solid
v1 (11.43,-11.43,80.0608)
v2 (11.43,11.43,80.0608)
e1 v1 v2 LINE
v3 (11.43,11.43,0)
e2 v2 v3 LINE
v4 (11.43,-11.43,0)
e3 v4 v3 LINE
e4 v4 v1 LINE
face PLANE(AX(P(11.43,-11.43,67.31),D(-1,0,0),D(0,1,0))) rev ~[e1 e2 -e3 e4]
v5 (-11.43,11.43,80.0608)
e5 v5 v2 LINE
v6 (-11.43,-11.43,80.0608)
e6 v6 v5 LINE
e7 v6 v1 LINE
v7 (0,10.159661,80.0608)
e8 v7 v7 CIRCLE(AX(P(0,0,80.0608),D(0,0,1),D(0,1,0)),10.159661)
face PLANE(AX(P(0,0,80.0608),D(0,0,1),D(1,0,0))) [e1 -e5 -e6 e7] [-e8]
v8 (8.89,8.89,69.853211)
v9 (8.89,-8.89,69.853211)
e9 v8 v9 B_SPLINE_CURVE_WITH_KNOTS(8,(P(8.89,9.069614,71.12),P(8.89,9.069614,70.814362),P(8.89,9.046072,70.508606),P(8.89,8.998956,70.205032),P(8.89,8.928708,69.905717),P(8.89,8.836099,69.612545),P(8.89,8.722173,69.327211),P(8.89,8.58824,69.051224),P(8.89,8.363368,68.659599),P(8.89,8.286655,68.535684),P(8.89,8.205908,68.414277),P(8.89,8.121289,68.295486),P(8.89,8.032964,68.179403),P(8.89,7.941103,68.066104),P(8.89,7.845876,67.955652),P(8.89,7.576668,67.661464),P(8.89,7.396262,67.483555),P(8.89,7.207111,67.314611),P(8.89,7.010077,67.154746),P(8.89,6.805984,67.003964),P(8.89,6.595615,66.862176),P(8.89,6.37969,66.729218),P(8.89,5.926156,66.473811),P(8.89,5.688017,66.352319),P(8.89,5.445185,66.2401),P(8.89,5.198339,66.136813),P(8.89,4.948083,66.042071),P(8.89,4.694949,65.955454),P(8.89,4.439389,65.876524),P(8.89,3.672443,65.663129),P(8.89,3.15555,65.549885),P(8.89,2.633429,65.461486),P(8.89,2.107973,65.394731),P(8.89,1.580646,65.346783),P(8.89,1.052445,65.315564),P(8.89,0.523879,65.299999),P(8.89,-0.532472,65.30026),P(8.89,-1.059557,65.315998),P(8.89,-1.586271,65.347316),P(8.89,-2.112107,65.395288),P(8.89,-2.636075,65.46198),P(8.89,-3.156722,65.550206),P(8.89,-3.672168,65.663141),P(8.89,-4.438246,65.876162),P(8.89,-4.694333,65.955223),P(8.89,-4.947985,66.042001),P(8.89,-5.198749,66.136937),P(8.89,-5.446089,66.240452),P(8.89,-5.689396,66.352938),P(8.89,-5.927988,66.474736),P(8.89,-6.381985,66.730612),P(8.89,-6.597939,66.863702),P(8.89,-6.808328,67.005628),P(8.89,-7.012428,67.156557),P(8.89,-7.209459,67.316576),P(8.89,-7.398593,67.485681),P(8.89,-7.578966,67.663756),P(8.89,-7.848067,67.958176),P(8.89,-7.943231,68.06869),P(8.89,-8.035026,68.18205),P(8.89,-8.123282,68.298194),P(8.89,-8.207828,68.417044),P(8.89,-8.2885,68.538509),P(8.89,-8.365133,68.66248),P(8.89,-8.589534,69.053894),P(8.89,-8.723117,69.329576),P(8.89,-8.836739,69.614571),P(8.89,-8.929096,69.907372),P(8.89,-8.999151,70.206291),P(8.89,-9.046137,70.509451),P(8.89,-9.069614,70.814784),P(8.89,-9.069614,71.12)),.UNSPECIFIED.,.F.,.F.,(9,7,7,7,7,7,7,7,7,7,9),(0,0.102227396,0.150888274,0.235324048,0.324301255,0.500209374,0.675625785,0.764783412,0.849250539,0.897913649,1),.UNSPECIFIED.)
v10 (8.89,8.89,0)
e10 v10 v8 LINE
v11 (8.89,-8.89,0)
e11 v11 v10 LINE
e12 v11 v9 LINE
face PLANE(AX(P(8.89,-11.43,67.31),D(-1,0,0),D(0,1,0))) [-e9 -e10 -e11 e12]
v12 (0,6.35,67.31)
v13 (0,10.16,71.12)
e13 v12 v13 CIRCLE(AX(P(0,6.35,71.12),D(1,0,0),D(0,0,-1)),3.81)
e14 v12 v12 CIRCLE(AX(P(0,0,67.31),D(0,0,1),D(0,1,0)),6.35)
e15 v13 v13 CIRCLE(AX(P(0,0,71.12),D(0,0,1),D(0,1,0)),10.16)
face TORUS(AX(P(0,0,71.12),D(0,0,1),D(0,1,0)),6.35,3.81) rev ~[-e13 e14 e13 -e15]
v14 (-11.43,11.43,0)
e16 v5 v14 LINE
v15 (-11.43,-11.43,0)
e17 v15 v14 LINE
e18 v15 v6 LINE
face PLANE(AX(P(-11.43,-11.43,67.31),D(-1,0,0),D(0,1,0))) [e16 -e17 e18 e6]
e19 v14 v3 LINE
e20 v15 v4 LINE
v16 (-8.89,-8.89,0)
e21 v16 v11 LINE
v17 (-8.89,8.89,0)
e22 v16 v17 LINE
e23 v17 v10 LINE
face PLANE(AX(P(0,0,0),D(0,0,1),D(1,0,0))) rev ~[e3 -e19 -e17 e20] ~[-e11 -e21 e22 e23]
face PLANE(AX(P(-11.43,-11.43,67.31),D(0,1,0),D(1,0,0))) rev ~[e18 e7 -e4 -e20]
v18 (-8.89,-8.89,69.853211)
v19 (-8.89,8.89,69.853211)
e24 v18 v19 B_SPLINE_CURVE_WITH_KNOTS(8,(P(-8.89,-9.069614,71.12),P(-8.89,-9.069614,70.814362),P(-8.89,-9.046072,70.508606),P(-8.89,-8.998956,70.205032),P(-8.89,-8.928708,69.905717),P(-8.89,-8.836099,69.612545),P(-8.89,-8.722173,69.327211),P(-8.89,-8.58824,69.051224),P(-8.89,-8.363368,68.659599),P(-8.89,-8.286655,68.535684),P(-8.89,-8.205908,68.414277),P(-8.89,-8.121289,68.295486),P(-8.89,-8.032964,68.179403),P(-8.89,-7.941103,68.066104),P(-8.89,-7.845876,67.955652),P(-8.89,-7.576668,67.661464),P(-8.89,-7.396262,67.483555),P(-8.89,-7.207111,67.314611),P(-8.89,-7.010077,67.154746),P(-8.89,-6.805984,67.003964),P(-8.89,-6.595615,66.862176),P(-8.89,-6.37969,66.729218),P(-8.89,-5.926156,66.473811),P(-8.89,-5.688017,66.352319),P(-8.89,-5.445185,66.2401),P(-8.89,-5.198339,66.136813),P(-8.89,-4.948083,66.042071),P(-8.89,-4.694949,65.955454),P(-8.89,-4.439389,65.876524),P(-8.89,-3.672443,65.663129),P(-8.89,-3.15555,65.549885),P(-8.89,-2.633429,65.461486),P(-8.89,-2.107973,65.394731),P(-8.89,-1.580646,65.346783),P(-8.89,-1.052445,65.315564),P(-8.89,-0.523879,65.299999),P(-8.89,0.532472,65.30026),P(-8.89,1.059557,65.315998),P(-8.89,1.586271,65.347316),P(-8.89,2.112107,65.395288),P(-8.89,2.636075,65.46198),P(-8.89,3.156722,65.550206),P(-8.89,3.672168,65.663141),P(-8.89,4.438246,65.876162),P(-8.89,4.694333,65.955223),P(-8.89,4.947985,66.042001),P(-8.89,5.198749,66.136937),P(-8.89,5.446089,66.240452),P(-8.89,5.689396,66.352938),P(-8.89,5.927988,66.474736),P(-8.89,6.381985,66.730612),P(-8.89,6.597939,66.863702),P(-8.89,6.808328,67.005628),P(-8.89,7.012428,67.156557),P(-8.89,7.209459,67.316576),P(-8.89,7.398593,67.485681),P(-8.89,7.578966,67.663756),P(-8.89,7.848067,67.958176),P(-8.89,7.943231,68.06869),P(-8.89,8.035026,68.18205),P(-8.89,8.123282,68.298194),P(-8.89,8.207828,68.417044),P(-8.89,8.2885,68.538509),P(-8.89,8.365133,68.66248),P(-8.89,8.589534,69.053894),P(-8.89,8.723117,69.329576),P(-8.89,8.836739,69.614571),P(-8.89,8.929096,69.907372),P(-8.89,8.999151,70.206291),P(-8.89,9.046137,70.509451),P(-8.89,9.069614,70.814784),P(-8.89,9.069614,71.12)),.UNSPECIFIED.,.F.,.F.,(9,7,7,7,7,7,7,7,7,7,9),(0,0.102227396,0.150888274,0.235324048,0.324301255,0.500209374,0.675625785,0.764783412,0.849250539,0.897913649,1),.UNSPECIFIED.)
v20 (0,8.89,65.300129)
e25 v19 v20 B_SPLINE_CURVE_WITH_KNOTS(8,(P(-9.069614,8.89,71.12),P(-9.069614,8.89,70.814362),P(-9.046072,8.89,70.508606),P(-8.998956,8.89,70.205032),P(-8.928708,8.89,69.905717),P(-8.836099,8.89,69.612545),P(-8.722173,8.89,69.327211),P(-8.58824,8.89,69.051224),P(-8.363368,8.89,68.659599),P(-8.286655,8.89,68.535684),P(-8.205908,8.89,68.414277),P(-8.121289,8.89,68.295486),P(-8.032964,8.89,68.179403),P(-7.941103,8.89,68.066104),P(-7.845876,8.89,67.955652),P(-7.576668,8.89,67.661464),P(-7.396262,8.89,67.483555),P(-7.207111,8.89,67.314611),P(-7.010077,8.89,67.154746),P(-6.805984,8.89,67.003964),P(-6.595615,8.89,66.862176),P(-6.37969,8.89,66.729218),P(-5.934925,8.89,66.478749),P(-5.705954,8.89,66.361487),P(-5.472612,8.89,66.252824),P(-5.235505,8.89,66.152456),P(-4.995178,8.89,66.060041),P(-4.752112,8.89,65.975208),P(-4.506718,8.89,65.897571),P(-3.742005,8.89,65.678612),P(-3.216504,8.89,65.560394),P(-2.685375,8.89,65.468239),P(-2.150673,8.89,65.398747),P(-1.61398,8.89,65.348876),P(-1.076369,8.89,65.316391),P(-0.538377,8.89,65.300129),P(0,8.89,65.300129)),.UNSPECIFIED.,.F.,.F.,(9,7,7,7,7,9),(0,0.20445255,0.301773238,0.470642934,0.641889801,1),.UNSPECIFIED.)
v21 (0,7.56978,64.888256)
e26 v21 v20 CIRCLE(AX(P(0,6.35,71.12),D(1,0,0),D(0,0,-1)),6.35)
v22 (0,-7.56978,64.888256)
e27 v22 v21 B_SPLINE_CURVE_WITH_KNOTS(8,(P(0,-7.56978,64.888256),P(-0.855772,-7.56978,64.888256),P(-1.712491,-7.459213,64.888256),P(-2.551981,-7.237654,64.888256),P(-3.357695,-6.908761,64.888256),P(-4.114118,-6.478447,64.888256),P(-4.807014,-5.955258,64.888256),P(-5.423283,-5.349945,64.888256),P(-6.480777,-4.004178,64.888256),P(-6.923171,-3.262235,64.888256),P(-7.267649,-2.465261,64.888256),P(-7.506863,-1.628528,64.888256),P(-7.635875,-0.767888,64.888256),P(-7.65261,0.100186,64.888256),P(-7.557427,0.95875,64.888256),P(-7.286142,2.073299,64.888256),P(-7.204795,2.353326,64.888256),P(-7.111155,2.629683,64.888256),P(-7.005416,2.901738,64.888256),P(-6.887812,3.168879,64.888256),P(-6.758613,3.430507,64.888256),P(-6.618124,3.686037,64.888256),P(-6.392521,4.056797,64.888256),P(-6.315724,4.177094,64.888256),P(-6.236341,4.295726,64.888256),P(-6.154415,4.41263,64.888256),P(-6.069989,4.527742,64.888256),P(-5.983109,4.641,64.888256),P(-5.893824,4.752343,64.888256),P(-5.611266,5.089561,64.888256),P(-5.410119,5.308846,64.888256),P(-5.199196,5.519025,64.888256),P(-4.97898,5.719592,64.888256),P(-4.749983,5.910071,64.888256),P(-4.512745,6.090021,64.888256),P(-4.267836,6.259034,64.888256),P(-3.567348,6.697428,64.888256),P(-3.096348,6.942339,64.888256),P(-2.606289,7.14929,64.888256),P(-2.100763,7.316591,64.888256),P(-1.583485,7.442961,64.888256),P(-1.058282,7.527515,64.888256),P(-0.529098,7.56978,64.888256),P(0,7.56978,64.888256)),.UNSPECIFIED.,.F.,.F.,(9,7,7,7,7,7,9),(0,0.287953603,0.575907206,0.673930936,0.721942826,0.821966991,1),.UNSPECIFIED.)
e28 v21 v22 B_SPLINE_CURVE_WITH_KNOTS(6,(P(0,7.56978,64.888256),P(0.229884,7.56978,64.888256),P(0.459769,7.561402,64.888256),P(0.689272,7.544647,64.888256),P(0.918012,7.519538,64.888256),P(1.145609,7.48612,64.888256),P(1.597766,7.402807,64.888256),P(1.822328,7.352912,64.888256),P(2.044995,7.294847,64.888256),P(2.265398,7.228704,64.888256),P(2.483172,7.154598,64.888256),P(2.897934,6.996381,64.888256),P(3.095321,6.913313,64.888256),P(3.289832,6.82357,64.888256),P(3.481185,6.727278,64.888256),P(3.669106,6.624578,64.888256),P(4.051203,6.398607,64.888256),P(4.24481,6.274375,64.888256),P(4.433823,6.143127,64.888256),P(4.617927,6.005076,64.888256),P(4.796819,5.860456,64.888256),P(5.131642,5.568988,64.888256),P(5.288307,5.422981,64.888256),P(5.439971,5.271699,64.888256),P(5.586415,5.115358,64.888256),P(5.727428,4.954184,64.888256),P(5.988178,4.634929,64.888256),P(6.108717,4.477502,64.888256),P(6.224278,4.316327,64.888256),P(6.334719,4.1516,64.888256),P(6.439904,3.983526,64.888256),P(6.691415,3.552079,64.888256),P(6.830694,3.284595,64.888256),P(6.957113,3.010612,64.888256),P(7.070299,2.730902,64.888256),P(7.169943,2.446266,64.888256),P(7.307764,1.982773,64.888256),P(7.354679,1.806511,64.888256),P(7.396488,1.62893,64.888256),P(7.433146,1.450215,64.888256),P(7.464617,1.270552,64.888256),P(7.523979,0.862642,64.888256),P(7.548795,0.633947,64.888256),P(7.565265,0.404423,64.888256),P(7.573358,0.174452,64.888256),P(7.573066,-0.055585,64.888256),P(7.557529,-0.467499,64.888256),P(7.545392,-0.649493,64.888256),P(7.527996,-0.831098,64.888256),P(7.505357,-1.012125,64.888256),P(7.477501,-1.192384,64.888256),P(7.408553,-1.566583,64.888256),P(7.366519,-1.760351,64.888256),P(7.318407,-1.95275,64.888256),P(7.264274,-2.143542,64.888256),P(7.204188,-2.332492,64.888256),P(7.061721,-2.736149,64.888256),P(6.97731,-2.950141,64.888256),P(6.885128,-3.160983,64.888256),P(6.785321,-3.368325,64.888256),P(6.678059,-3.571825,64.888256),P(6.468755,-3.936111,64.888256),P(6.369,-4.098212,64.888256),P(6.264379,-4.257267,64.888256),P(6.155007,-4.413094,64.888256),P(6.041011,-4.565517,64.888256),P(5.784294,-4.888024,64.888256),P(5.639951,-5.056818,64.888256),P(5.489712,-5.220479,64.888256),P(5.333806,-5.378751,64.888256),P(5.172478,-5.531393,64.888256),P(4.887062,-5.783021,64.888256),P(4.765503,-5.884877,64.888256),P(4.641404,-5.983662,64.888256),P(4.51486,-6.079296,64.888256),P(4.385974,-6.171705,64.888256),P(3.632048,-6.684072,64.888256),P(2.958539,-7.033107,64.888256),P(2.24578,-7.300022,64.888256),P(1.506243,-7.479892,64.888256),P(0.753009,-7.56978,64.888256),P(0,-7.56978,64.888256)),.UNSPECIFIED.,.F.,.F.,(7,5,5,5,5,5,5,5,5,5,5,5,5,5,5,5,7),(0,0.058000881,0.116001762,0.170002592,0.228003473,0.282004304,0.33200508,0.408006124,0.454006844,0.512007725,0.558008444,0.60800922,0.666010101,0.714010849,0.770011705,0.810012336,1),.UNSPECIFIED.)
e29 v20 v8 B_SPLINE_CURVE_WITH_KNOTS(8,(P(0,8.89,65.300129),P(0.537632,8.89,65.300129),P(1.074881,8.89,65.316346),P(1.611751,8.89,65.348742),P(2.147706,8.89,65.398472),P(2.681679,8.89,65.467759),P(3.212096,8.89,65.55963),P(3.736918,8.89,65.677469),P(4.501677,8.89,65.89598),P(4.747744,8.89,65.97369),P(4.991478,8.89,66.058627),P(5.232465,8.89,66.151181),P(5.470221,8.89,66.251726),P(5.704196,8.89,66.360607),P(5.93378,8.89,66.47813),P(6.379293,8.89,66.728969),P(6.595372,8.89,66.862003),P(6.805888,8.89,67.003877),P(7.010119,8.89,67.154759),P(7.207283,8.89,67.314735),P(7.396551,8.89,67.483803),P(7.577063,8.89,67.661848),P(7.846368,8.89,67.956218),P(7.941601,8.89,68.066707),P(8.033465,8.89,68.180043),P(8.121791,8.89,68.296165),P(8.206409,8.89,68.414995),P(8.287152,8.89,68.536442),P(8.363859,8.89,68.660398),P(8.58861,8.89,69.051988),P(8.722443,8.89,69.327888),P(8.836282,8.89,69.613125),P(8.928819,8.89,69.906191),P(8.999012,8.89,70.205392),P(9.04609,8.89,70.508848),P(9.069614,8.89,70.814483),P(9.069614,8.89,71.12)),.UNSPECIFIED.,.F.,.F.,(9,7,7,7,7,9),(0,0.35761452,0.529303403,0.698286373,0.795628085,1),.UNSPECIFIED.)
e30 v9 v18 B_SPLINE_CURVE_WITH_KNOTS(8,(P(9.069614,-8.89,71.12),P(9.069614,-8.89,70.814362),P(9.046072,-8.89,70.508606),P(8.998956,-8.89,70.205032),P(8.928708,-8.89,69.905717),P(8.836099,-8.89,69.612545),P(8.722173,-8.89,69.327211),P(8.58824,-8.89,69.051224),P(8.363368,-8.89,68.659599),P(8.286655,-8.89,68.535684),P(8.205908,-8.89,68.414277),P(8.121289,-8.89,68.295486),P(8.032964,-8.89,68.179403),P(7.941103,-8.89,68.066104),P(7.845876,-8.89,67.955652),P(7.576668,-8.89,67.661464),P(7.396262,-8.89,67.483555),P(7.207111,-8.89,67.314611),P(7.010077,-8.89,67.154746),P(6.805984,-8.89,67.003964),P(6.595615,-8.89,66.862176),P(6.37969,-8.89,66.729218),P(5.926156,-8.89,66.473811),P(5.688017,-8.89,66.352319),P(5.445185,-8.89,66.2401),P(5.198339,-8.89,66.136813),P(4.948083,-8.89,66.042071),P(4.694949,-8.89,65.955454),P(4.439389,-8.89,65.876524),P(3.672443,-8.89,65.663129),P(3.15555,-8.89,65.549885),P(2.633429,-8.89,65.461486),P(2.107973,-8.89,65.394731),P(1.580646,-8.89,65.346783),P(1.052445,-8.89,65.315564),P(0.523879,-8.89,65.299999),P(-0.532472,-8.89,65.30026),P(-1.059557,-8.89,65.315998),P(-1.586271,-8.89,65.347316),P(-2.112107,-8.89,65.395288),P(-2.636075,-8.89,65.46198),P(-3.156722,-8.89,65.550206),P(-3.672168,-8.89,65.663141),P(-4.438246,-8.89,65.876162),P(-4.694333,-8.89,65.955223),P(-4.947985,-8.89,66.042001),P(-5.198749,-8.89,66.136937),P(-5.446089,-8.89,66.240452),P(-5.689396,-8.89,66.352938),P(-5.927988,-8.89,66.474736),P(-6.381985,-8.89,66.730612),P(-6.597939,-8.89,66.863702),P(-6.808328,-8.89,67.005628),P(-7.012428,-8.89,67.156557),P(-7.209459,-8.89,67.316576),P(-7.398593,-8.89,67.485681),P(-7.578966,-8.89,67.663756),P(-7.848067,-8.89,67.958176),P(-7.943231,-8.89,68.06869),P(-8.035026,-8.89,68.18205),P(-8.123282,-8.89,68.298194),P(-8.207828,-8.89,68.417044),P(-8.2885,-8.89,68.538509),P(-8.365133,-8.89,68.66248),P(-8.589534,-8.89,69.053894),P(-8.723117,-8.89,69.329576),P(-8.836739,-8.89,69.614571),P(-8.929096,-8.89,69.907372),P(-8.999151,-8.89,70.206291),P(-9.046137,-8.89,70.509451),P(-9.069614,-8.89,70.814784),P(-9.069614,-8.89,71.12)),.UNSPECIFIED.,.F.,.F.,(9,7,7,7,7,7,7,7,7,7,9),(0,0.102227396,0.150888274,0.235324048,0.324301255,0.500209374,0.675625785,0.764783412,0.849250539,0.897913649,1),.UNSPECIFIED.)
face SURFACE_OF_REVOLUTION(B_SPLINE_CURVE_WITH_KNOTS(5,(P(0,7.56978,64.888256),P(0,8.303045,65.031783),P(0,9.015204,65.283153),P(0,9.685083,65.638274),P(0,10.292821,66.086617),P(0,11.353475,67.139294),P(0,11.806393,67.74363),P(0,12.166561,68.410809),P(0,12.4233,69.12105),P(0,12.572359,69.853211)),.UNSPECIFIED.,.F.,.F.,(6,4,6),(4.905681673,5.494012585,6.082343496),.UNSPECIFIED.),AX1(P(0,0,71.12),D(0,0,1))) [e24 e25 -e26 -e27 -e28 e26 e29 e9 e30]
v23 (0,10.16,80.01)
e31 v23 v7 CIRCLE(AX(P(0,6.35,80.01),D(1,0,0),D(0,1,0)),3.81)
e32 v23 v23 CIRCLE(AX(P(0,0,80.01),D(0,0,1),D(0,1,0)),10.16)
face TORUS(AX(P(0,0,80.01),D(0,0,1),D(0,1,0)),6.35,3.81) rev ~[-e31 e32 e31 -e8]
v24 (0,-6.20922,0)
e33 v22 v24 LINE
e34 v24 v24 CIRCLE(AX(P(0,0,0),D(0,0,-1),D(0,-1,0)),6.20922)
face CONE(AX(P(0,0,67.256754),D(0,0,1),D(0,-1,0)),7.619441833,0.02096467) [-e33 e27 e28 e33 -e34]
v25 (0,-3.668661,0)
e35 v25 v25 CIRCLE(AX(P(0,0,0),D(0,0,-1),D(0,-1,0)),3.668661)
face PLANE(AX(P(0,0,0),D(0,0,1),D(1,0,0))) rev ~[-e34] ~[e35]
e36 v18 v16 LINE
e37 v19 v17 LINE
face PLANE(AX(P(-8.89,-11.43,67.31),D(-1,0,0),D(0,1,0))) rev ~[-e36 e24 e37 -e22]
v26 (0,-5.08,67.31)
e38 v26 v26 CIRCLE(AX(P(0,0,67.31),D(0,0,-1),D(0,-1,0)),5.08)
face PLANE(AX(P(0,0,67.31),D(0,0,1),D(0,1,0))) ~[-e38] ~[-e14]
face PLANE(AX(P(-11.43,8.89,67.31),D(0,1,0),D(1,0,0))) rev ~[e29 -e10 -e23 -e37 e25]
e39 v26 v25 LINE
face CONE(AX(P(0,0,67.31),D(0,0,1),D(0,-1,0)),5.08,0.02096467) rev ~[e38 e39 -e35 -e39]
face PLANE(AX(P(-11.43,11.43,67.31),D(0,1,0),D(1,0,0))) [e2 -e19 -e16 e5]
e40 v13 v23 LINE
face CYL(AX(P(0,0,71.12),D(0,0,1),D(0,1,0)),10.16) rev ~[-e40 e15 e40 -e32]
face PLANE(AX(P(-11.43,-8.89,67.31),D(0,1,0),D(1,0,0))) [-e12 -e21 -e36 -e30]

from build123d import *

# Parameters (mm, degrees)
F0_W     = 22.86
F0_H     = 22.86
F1_DEPTH = 67.31
F2_W     = 22.86
F2_H     = 22.86
F3_DEPTH = 12.7508
F8_T     = -2.54


with BuildPart() as f1:
    # F0 (on Top) → F1 (new body)
    with BuildSketch(Plane.XY):
        Rectangle(F0_W, F0_H)
    extrude(amount=F1_DEPTH)

    # F2 (on face) → F3 (join)
    with BuildSketch(Plane.XY.offset(67.31)):
        Rectangle(F2_W, F2_H)
    extrude(amount=F3_DEPTH)

    # F4 (on Right) → F5 (revolve, cut)
    with BuildSketch(Plane.YZ):
        Polygon((0, -11.43), (0, 67.31), (-5.08, 67.31), (-3.429, -11.43), align=None)
    revolve(axis=Axis((0, 0, 27.94), (0, 0, -1)), mode=Mode.SUBTRACT)

    # F6 (on Right) → F7 (revolve, cut)
    with BuildSketch(Plane.YZ):
        with BuildLine():
            Line((0, 83.82), (0, 67.31))
            Line((0, 67.31), (6.35, 67.31))
            ThreePointArc((6.35, 67.31), (9.0440768363, 68.4259231637), (10.16, 71.12))
            Line((10.16, 71.12), (10.16, 80.01))
            ThreePointArc((10.16, 80.01), (9.0440768363, 82.7040768363), (6.35, 83.82))
            Line((6.35, 83.82), (0, 83.82))
        make_face()
    revolve(axis=Axis((0, 0, 75.565), (0, 0, 1)), mode=Mode.SUBTRACT)

    # F8
    f8_openings = [f1.faces().sort_by_distance(p)[0] for p in [
        (0, -11.106711, 0),
    ]]
    offset(amount=F8_T, openings=f8_openings)


solid = f1.part
